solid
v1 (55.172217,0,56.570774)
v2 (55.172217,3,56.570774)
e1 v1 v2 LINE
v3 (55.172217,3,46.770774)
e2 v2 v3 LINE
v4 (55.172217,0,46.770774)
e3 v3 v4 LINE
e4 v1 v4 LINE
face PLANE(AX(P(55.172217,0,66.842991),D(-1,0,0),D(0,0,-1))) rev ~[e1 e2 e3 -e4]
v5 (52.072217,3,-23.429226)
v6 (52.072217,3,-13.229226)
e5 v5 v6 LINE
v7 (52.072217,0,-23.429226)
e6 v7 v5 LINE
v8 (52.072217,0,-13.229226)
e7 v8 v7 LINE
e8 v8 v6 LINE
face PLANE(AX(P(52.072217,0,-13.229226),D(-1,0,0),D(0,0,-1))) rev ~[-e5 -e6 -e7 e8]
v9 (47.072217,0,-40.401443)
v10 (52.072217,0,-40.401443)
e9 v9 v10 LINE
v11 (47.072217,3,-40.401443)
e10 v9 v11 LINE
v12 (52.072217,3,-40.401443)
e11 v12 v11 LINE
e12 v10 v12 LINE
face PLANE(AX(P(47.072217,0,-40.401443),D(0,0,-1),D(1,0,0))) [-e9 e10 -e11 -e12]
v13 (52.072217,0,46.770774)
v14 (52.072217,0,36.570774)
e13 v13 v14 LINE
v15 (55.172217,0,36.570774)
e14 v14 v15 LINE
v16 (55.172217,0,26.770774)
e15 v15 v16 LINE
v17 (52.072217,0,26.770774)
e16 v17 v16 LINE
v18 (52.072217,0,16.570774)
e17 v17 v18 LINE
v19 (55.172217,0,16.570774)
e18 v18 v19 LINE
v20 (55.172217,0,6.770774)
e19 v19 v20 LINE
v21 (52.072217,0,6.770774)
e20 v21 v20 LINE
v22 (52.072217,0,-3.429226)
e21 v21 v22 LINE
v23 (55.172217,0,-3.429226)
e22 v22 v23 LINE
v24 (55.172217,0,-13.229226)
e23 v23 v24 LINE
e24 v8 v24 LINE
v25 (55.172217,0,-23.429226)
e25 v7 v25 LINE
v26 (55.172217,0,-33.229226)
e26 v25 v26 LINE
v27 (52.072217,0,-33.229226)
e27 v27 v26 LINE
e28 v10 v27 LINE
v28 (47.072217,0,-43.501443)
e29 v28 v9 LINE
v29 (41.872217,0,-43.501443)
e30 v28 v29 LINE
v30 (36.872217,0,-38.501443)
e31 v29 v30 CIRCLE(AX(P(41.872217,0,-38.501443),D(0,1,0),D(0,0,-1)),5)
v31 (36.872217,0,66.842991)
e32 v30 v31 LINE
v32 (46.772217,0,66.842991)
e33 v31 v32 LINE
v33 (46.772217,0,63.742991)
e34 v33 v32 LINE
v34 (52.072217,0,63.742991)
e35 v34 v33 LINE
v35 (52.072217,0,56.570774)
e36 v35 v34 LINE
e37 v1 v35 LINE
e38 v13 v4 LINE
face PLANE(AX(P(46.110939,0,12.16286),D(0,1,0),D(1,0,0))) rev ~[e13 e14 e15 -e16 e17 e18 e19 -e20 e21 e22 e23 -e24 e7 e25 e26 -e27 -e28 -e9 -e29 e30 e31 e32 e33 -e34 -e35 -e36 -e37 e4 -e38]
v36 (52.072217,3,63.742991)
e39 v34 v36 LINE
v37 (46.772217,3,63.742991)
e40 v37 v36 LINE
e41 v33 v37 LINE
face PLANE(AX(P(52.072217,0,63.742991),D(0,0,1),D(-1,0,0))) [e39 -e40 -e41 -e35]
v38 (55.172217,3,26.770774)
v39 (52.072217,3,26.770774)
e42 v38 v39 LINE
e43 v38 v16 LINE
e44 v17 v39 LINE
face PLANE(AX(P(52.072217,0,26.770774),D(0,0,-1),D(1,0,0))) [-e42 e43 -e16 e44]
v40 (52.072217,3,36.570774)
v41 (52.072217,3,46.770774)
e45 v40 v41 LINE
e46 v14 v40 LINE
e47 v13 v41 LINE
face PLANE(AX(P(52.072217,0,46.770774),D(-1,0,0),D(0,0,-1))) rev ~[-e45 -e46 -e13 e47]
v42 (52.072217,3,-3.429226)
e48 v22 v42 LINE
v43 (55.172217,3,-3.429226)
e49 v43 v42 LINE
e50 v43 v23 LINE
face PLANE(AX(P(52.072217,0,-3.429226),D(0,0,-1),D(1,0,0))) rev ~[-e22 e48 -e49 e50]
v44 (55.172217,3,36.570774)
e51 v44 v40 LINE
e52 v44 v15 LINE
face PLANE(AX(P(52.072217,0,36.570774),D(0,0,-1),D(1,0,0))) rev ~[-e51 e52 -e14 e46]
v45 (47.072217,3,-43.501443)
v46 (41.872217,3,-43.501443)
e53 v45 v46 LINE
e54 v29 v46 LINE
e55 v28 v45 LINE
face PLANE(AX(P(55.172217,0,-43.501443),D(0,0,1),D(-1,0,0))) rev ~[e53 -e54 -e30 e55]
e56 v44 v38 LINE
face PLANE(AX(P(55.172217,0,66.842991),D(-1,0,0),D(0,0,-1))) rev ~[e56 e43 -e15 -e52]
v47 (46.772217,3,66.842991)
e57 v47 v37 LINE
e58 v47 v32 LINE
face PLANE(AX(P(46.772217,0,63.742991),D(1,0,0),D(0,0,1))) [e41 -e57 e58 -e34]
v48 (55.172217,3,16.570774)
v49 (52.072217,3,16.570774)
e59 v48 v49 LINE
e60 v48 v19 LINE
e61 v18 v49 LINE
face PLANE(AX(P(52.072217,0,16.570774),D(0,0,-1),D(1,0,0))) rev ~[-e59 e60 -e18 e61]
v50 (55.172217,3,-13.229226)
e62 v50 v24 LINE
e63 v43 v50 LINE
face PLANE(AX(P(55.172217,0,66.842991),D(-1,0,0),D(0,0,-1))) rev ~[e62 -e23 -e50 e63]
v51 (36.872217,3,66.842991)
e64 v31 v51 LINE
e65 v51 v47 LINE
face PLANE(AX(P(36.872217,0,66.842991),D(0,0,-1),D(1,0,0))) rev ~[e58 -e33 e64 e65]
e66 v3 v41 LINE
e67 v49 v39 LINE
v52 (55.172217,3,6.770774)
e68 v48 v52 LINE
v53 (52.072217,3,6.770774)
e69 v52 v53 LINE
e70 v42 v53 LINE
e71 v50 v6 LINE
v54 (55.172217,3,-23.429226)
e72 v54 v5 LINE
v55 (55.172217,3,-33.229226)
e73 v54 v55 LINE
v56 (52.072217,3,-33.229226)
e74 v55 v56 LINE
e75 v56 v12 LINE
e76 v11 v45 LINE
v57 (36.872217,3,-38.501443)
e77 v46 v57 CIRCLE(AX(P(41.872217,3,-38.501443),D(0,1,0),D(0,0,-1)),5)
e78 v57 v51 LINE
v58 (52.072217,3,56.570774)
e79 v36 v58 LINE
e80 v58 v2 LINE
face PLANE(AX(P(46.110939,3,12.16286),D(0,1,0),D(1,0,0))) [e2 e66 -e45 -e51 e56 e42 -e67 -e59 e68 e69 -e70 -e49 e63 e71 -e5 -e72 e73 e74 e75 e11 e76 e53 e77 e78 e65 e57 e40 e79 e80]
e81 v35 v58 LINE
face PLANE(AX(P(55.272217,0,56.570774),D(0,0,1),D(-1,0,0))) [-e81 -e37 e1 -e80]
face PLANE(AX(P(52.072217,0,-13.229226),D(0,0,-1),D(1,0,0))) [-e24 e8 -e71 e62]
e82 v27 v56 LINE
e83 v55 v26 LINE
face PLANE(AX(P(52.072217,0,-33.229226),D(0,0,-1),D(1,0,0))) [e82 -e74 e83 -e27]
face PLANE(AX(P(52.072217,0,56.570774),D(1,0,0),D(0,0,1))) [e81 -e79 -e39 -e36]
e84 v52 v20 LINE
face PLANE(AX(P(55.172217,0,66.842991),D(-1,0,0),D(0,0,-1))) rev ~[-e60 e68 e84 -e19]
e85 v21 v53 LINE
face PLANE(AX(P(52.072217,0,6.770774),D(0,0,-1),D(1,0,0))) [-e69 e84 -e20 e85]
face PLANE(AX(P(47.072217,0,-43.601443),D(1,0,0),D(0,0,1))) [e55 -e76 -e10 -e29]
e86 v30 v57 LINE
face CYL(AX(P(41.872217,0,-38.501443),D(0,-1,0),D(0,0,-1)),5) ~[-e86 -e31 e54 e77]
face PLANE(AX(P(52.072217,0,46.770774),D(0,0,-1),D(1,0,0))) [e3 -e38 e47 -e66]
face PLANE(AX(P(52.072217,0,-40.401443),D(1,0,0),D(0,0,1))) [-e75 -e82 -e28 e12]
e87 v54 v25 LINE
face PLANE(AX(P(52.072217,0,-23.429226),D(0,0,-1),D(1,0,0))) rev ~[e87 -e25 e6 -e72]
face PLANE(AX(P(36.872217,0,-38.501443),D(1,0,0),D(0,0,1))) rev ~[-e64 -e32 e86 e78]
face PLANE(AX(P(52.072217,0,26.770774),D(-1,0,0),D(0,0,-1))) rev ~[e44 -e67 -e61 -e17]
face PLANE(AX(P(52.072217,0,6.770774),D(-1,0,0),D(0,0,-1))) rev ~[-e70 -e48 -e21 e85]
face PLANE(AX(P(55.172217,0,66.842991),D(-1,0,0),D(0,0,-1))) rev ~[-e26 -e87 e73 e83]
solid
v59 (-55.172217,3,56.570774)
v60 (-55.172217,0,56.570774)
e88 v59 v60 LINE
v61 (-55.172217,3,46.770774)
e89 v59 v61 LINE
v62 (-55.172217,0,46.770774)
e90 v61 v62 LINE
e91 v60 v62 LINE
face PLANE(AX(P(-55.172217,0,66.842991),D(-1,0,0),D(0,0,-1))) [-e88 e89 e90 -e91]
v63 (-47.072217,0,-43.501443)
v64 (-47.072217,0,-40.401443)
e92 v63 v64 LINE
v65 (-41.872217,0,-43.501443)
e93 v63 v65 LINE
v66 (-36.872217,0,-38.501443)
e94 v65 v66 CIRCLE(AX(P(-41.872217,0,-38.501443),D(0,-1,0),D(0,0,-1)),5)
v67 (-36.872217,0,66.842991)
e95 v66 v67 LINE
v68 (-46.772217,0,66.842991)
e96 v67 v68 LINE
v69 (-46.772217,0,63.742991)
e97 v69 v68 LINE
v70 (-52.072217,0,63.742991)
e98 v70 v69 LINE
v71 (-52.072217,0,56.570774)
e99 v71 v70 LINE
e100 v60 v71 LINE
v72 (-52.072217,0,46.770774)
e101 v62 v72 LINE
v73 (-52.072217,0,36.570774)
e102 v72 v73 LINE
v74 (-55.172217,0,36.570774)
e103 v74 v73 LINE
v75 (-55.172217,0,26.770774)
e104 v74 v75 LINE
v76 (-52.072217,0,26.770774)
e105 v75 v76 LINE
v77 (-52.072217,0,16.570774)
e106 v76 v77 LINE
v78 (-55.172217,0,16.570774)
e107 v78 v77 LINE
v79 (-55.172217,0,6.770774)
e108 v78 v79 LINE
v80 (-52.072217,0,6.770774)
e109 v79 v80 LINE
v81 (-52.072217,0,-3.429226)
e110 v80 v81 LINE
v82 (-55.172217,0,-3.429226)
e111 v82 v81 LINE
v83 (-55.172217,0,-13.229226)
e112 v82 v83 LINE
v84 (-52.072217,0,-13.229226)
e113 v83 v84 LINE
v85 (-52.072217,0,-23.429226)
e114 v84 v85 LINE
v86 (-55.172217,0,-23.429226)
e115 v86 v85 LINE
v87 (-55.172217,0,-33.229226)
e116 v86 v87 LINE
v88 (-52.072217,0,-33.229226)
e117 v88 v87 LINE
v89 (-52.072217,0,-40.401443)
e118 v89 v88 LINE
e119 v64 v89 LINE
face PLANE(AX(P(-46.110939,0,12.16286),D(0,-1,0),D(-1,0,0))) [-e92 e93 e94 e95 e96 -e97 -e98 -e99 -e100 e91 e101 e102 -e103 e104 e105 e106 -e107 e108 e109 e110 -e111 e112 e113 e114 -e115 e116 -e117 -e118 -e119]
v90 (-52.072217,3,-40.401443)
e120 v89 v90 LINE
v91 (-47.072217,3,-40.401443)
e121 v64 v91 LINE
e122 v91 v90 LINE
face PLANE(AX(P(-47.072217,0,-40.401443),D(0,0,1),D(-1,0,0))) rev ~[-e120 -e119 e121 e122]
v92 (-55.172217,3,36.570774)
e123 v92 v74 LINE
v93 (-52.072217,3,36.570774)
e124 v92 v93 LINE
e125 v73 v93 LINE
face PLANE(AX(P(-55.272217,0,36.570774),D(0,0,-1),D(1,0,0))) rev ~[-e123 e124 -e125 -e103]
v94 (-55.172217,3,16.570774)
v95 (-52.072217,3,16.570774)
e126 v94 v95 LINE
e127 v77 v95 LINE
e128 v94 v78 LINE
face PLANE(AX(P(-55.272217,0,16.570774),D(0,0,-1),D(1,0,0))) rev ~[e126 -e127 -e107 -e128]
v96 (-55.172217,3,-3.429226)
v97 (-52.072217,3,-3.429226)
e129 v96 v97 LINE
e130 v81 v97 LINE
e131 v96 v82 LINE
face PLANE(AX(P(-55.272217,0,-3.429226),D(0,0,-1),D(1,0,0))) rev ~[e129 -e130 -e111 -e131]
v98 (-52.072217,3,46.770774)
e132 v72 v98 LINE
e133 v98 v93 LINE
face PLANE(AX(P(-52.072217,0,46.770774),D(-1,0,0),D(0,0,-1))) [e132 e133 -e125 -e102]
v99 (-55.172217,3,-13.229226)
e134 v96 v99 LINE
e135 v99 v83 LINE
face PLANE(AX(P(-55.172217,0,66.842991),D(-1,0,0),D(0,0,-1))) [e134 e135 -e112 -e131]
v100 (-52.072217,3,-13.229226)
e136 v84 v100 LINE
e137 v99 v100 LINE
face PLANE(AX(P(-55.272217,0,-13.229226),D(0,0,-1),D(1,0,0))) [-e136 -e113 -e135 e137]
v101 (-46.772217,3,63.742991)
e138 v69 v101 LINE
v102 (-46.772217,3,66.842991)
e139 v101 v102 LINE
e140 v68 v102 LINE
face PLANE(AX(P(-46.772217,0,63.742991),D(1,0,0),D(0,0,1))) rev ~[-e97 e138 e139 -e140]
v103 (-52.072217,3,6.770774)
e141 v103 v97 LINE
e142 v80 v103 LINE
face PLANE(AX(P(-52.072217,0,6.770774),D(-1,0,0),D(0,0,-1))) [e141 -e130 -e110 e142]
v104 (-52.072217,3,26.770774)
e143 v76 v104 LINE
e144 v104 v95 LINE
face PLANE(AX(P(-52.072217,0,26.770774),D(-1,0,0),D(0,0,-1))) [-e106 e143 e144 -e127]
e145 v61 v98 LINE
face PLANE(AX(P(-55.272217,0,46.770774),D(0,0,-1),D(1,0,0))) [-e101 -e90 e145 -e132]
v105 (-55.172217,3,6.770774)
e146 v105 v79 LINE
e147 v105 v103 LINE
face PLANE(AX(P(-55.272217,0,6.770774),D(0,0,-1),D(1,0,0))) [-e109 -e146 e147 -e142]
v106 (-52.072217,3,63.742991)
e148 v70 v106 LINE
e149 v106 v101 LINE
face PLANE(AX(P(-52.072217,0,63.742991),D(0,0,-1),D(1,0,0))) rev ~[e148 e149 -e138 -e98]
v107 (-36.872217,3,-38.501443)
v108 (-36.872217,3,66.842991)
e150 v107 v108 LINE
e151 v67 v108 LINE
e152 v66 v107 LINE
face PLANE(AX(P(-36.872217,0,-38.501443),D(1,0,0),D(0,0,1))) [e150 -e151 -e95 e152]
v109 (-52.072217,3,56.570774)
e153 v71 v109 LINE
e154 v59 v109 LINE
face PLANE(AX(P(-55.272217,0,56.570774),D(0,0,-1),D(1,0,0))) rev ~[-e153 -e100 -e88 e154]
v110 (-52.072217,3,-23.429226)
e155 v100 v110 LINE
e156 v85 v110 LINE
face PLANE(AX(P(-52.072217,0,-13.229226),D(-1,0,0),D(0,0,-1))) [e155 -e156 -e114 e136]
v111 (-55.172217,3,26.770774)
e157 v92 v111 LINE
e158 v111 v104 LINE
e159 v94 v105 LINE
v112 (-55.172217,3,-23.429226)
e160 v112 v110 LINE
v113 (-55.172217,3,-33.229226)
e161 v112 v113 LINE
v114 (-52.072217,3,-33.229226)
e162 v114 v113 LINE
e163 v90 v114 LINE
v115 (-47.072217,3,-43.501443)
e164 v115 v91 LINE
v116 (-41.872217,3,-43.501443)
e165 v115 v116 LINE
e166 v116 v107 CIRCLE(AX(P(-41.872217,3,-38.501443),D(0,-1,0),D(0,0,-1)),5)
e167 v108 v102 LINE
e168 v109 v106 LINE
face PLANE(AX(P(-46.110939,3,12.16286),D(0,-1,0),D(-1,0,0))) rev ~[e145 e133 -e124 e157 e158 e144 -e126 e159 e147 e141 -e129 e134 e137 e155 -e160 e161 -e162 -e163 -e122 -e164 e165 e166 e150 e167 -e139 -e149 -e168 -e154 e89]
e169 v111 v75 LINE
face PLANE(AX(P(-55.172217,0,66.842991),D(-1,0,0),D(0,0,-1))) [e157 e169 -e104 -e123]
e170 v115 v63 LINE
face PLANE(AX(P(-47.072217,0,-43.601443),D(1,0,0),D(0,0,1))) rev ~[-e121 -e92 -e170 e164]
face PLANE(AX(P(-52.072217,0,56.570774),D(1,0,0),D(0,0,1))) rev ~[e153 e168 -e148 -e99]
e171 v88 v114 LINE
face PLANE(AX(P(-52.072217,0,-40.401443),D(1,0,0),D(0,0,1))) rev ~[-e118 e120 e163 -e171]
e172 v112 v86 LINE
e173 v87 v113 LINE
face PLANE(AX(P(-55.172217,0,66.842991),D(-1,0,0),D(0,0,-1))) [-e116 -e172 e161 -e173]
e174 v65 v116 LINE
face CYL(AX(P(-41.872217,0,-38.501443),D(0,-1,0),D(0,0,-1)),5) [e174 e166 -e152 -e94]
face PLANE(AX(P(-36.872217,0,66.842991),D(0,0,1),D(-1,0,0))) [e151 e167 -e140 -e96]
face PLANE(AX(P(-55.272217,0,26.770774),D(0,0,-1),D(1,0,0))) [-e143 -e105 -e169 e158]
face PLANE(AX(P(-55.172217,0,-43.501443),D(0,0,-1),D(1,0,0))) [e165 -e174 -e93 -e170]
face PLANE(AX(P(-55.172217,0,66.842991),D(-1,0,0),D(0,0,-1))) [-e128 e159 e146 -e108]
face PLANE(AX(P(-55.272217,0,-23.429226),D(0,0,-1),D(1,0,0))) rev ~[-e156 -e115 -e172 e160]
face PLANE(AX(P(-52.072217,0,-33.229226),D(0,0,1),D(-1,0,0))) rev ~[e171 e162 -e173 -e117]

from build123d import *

# Parameters (mm, degrees)
BOSS_EXTRUDE1_DEPTH   = 3
BOSS_EXTRUDE1_2_DEPTH = 3
SKETCH2_W             = 3.2
SKETCH2_H             = 10.2
CUT_EXTRUDE1_DEPTH    = 4


with BuildPart() as part:
    # Sketch1 → Boss-Extrude1 (new body)
    with BuildSketch(Plane(origin=(0, 0, 0), x_dir=(1, 0, 0), z_dir=(0, 1, 0))):
        with BuildLine():
            Line((36.872217102, -66.842990858), (55.172217102, -66.842990858))
            Line((55.172217102, -66.842990858), (55.172217102, 43.501443346))
            Line((55.172217102, 43.501443346), (41.872217102, 43.501443346))
            ThreePointArc((41.872217102, 43.501443346), (38.336683196, 42.036977252), (36.872217102, 38.501443346))
            Line((36.872217102, 38.501443346), (36.872217102, -66.842990858))
        make_face()
    extrude(amount=BOSS_EXTRUDE1_DEPTH)


with BuildPart() as body_2:
    # Sketch1 → Boss-Extrude1 2 (new body)
    with BuildSketch(Plane(origin=(0, 0, 0), x_dir=(1, 0, 0), z_dir=(0, 1, 0))):
        with BuildLine():
            Line((-55.172217102, 43.501443346), (-41.872217102, 43.501443346))
            ThreePointArc((-41.872217102, 43.501443346), (-38.336683196, 42.036977252), (-36.872217102, 38.501443346))
            Line((-36.872217102, 38.501443346), (-36.872217102, -66.842990858))
            Line((-36.872217102, -66.842990858), (-55.172217102, -66.842990858))
            Line((-55.172217102, -66.842990858), (-55.172217102, 43.501443346))
        make_face()
    extrude(amount=BOSS_EXTRUDE1_2_DEPTH)


with BuildPart() as cut_extrude1_tool:
    # Sketch2 → Cut-Extrude1 (new body, through all)
    with BuildSketch(Plane(origin=(0, 0, 0), x_dir=(1, 0, 0), z_dir=(0, 1, 0))):
        Polygon((-52.072217102, -56.570773756), (-52.072217102, -63.742990858), (-46.772217102, -63.742990858), (-46.772217102, -66.942990858), (-55.272217102, -66.942990858), (-55.272217102, -56.570773756), align=None)
        with Locations((-53.672217102, -1.670773756)):
            Rectangle(SKETCH2_W, SKETCH2_H)
        with Locations((-53.672217102, 18.329226244)):
            Rectangle(SKETCH2_W, SKETCH2_H)
        with Locations((-53.672217102, -21.670773756)):
            Rectangle(SKETCH2_W, SKETCH2_H)
        with Locations((-53.672217102, -41.670773756)):
            Rectangle(SKETCH2_W, SKETCH2_H)
        with Locations((53.672217102, -41.670773756)):
            Rectangle(SKETCH2_W, SKETCH2_H)
        with Locations((53.672217102, -21.670773756)):
            Rectangle(SKETCH2_W, SKETCH2_H)
        Polygon((52.072217102, -63.742990858), (46.772217102, -63.742990858), (46.772217102, -66.942990858), (55.272217102, -66.942990858), (55.272217102, -56.570773756), (52.072217102, -56.570773756), align=None)
        with Locations((53.672217102, 18.329226244)):
            Rectangle(SKETCH2_W, SKETCH2_H)
        Polygon((52.072217102, 40.401443346), (52.072217102, 33.229226244), (55.272217102, 33.229226244), (55.272217102, 43.601443346), (47.072217102, 43.601443346), (47.072217102, 40.401443346), align=None)
        with Locations((53.672217102, -1.670773756)):
            Rectangle(SKETCH2_W, SKETCH2_H)
        Polygon((-52.072217102, 33.229226244), (-55.272217102, 33.229226244), (-55.272217102, 43.601443346), (-47.072217102, 43.601443346), (-47.072217102, 40.401443346), (-52.072217102, 40.401443346), align=None)
    extrude(amount=CUT_EXTRUDE1_DEPTH)


with BuildPart() as part_1:
    add(part.part)

    # Cut-Extrude1: cut by cut_extrude1_tool
    add(cut_extrude1_tool.part, mode=Mode.SUBTRACT)


with BuildPart() as body_2_1:
    add(body_2.part)

    # Cut-Extrude1: cut by cut_extrude1_tool
    add(cut_extrude1_tool.part, mode=Mode.SUBTRACT)


solid = Compound([part_1.part, body_2_1.part])
